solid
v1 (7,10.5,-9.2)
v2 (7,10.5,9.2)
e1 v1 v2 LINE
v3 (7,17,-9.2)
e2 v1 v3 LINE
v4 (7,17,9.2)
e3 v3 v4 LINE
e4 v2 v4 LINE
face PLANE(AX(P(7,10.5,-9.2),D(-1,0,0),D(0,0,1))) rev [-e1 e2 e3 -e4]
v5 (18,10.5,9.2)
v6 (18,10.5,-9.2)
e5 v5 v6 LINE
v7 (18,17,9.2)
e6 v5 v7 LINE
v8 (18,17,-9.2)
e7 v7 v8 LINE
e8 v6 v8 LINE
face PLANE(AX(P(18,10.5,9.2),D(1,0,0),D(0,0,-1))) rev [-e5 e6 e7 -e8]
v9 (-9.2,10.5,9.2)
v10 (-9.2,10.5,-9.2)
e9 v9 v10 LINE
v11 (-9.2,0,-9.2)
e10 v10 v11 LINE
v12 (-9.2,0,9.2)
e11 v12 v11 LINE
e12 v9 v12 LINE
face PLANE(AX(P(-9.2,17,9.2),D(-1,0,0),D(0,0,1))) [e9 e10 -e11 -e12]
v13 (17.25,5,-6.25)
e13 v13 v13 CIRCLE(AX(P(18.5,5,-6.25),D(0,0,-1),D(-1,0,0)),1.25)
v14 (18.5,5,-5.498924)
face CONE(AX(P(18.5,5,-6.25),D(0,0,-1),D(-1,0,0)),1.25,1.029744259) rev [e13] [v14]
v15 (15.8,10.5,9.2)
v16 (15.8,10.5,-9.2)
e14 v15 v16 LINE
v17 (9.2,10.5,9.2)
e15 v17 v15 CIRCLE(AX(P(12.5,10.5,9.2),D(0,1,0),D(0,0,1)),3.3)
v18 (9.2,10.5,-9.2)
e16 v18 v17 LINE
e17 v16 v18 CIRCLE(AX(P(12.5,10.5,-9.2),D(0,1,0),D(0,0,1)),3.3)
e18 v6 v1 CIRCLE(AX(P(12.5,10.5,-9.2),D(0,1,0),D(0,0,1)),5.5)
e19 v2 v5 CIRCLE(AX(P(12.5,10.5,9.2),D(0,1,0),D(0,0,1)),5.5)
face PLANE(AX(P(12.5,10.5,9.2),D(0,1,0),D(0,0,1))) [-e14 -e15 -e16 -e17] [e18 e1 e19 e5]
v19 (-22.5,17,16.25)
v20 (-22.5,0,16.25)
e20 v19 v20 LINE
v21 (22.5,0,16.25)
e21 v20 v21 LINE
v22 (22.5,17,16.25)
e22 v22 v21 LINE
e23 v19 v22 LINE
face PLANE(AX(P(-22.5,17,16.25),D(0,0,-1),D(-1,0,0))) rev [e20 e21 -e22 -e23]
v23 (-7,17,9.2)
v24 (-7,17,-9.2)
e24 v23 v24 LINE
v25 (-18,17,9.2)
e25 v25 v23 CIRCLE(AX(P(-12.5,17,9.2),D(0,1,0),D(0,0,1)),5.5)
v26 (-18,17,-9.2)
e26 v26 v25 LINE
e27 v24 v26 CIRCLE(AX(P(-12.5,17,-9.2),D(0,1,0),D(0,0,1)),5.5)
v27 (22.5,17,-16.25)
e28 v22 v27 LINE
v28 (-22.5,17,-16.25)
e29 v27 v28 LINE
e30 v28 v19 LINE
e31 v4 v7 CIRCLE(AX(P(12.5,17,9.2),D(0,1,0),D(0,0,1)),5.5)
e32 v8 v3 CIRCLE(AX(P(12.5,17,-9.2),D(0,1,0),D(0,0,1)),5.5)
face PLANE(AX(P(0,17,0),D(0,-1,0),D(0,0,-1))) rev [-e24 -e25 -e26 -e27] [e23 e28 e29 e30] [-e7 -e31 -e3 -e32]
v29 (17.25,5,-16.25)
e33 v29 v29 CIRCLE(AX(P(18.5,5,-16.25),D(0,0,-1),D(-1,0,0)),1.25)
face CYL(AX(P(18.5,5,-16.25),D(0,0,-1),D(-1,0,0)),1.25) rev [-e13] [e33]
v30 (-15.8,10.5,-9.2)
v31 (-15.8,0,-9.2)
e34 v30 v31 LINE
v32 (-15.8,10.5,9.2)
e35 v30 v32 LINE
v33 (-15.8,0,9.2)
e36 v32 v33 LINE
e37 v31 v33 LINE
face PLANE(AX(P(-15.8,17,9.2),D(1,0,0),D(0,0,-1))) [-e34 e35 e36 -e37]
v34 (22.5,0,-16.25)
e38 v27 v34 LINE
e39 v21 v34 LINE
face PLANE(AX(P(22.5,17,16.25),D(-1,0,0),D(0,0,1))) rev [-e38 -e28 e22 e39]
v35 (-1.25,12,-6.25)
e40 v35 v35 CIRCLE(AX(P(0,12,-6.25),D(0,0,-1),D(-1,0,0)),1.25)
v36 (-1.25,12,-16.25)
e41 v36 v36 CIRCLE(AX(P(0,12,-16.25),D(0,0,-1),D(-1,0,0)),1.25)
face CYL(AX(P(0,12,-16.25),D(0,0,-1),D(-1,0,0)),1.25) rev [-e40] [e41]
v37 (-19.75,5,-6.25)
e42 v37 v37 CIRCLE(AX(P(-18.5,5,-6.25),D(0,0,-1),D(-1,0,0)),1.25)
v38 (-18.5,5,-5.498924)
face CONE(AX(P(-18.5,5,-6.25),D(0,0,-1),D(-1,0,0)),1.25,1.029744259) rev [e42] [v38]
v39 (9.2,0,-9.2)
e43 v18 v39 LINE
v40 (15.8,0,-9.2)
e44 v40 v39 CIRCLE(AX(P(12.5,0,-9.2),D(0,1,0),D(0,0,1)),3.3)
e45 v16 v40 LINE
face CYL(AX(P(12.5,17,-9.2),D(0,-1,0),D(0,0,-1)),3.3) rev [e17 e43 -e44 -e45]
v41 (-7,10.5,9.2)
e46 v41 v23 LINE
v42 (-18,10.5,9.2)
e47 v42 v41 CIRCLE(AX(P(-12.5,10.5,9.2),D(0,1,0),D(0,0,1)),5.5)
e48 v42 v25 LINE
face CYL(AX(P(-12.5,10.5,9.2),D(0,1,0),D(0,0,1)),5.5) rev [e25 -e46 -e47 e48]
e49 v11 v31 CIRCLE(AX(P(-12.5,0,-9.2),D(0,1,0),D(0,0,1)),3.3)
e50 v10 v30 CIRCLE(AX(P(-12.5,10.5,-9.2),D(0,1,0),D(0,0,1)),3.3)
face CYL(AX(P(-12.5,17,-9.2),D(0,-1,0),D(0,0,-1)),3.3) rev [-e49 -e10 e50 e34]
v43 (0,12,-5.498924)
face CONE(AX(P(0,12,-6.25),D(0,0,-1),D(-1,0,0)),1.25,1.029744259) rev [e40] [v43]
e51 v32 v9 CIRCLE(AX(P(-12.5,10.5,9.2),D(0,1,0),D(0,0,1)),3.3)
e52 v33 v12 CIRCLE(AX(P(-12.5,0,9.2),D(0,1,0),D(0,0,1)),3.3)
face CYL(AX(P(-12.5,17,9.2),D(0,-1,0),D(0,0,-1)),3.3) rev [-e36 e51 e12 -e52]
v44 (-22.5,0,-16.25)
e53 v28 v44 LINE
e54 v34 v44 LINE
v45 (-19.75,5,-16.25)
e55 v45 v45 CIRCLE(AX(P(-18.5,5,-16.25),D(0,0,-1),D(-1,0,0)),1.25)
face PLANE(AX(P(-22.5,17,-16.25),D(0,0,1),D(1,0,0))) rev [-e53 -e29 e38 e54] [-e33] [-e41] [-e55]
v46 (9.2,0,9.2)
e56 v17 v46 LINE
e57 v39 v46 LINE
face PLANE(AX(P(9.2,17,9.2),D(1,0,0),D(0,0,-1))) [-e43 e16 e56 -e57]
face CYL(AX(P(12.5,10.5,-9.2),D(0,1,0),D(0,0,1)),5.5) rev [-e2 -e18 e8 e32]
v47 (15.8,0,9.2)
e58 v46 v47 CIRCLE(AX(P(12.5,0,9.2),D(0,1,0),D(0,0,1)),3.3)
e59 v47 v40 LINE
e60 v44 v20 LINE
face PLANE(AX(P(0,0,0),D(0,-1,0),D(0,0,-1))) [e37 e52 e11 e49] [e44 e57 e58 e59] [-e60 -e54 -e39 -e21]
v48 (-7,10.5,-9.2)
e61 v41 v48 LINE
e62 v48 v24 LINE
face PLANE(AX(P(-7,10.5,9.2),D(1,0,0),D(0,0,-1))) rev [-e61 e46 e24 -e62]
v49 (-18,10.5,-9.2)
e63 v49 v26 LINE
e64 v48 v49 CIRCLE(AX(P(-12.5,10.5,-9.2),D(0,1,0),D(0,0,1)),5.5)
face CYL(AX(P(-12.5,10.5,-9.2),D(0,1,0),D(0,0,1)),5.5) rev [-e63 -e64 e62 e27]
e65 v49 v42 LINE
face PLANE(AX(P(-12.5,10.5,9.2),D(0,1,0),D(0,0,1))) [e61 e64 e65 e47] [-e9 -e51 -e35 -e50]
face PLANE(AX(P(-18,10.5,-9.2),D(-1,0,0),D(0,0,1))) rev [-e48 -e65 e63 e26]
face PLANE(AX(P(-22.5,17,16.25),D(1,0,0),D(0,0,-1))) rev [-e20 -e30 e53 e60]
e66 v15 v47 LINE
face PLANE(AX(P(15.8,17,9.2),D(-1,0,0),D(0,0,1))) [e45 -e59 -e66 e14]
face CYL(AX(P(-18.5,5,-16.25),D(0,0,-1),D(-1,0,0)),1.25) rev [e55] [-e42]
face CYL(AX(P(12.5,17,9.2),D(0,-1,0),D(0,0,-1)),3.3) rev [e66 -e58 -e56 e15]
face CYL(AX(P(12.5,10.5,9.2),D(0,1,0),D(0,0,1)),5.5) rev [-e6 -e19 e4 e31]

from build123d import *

# Parameters (mm, degrees)
SKETCH1_W             = 45
SKETCH1_H             = 32.5
BOSS_EXTRUDE1_DEPTH   = 17
CUT_EXTRUDE1_DEPTH    = 6.5
M3_TAPPED_HOLE1_D     = 2.5
M3_TAPPED_HOLE1_DEPTH = 10
M3_TAPPED_HOLE1_TIP   = 0.751075774


with BuildPart() as part:
    # Sketch1 → Boss-Extrude1 (new body)
    with BuildSketch(Plane(origin=(0, 0, 0), x_dir=(1, 0, 0), z_dir=(0, 1, 0))):
        Rectangle(SKETCH1_W, SKETCH1_H)
        with BuildLine():
            Line((-15.8, -9.2), (-15.8, 9.2))
            ThreePointArc((-15.8, 9.2), (-12.5, 12.5), (-9.2, 9.2))
            Line((-9.2, 9.2), (-9.2, -9.2))
            ThreePointArc((-9.2, -9.2), (-12.5, -12.5), (-15.8, -9.2))
        make_face(mode=Mode.SUBTRACT)
        with BuildLine():
            Line((9.2, -9.2), (9.2, 9.2))
            ThreePointArc((9.2, 9.2), (12.5, 12.5), (15.8, 9.2))
            Line((15.8, 9.2), (15.8, -9.2))
            ThreePointArc((15.8, -9.2), (12.5, -12.5), (9.2, -9.2))
        make_face(mode=Mode.SUBTRACT)
    extrude(amount=BOSS_EXTRUDE1_DEPTH)

    # Sketch2 → Cut-Extrude1 (cut)
    with BuildSketch(Plane(origin=(0, 17, 0), x_dir=(1, 0, 0), z_dir=(0, 1, 0))):
        with BuildLine():
            Line((18, -9.2), (18, 9.2))
            ThreePointArc((18, 9.2), (12.5, 14.7), (7, 9.2))
            Line((7, 9.2), (7, -9.2))
            ThreePointArc((7, -9.2), (12.5, -14.7), (18, -9.2))
        make_face()
        with BuildLine():
            Line((-7, -9.2), (-7, 9.2))
            ThreePointArc((-7, 9.2), (-12.5, 14.7), (-18, 9.2))
            Line((-18, 9.2), (-18, -9.2))
            ThreePointArc((-18, -9.2), (-12.5, -14.7), (-7, -9.2))
        make_face()
    extrude(amount=-CUT_EXTRUDE1_DEPTH, mode=Mode.SUBTRACT)

    # M3 Tapped Hole1
    with Locations(Plane(origin=(0, 0, -16.25), x_dir=(-1, 0, 0), z_dir=(0, 0, -1))):
        with Locations((-18.5, 5), (0, 12), (18.5, 5)):
            Hole(M3_TAPPED_HOLE1_D / 2, depth=M3_TAPPED_HOLE1_DEPTH)
            with Locations((0, 0, -(M3_TAPPED_HOLE1_DEPTH + M3_TAPPED_HOLE1_TIP / 2))):  # 118° drill point
                Cone(0, M3_TAPPED_HOLE1_D / 2, M3_TAPPED_HOLE1_TIP, mode=Mode.SUBTRACT)


solid = part.part
